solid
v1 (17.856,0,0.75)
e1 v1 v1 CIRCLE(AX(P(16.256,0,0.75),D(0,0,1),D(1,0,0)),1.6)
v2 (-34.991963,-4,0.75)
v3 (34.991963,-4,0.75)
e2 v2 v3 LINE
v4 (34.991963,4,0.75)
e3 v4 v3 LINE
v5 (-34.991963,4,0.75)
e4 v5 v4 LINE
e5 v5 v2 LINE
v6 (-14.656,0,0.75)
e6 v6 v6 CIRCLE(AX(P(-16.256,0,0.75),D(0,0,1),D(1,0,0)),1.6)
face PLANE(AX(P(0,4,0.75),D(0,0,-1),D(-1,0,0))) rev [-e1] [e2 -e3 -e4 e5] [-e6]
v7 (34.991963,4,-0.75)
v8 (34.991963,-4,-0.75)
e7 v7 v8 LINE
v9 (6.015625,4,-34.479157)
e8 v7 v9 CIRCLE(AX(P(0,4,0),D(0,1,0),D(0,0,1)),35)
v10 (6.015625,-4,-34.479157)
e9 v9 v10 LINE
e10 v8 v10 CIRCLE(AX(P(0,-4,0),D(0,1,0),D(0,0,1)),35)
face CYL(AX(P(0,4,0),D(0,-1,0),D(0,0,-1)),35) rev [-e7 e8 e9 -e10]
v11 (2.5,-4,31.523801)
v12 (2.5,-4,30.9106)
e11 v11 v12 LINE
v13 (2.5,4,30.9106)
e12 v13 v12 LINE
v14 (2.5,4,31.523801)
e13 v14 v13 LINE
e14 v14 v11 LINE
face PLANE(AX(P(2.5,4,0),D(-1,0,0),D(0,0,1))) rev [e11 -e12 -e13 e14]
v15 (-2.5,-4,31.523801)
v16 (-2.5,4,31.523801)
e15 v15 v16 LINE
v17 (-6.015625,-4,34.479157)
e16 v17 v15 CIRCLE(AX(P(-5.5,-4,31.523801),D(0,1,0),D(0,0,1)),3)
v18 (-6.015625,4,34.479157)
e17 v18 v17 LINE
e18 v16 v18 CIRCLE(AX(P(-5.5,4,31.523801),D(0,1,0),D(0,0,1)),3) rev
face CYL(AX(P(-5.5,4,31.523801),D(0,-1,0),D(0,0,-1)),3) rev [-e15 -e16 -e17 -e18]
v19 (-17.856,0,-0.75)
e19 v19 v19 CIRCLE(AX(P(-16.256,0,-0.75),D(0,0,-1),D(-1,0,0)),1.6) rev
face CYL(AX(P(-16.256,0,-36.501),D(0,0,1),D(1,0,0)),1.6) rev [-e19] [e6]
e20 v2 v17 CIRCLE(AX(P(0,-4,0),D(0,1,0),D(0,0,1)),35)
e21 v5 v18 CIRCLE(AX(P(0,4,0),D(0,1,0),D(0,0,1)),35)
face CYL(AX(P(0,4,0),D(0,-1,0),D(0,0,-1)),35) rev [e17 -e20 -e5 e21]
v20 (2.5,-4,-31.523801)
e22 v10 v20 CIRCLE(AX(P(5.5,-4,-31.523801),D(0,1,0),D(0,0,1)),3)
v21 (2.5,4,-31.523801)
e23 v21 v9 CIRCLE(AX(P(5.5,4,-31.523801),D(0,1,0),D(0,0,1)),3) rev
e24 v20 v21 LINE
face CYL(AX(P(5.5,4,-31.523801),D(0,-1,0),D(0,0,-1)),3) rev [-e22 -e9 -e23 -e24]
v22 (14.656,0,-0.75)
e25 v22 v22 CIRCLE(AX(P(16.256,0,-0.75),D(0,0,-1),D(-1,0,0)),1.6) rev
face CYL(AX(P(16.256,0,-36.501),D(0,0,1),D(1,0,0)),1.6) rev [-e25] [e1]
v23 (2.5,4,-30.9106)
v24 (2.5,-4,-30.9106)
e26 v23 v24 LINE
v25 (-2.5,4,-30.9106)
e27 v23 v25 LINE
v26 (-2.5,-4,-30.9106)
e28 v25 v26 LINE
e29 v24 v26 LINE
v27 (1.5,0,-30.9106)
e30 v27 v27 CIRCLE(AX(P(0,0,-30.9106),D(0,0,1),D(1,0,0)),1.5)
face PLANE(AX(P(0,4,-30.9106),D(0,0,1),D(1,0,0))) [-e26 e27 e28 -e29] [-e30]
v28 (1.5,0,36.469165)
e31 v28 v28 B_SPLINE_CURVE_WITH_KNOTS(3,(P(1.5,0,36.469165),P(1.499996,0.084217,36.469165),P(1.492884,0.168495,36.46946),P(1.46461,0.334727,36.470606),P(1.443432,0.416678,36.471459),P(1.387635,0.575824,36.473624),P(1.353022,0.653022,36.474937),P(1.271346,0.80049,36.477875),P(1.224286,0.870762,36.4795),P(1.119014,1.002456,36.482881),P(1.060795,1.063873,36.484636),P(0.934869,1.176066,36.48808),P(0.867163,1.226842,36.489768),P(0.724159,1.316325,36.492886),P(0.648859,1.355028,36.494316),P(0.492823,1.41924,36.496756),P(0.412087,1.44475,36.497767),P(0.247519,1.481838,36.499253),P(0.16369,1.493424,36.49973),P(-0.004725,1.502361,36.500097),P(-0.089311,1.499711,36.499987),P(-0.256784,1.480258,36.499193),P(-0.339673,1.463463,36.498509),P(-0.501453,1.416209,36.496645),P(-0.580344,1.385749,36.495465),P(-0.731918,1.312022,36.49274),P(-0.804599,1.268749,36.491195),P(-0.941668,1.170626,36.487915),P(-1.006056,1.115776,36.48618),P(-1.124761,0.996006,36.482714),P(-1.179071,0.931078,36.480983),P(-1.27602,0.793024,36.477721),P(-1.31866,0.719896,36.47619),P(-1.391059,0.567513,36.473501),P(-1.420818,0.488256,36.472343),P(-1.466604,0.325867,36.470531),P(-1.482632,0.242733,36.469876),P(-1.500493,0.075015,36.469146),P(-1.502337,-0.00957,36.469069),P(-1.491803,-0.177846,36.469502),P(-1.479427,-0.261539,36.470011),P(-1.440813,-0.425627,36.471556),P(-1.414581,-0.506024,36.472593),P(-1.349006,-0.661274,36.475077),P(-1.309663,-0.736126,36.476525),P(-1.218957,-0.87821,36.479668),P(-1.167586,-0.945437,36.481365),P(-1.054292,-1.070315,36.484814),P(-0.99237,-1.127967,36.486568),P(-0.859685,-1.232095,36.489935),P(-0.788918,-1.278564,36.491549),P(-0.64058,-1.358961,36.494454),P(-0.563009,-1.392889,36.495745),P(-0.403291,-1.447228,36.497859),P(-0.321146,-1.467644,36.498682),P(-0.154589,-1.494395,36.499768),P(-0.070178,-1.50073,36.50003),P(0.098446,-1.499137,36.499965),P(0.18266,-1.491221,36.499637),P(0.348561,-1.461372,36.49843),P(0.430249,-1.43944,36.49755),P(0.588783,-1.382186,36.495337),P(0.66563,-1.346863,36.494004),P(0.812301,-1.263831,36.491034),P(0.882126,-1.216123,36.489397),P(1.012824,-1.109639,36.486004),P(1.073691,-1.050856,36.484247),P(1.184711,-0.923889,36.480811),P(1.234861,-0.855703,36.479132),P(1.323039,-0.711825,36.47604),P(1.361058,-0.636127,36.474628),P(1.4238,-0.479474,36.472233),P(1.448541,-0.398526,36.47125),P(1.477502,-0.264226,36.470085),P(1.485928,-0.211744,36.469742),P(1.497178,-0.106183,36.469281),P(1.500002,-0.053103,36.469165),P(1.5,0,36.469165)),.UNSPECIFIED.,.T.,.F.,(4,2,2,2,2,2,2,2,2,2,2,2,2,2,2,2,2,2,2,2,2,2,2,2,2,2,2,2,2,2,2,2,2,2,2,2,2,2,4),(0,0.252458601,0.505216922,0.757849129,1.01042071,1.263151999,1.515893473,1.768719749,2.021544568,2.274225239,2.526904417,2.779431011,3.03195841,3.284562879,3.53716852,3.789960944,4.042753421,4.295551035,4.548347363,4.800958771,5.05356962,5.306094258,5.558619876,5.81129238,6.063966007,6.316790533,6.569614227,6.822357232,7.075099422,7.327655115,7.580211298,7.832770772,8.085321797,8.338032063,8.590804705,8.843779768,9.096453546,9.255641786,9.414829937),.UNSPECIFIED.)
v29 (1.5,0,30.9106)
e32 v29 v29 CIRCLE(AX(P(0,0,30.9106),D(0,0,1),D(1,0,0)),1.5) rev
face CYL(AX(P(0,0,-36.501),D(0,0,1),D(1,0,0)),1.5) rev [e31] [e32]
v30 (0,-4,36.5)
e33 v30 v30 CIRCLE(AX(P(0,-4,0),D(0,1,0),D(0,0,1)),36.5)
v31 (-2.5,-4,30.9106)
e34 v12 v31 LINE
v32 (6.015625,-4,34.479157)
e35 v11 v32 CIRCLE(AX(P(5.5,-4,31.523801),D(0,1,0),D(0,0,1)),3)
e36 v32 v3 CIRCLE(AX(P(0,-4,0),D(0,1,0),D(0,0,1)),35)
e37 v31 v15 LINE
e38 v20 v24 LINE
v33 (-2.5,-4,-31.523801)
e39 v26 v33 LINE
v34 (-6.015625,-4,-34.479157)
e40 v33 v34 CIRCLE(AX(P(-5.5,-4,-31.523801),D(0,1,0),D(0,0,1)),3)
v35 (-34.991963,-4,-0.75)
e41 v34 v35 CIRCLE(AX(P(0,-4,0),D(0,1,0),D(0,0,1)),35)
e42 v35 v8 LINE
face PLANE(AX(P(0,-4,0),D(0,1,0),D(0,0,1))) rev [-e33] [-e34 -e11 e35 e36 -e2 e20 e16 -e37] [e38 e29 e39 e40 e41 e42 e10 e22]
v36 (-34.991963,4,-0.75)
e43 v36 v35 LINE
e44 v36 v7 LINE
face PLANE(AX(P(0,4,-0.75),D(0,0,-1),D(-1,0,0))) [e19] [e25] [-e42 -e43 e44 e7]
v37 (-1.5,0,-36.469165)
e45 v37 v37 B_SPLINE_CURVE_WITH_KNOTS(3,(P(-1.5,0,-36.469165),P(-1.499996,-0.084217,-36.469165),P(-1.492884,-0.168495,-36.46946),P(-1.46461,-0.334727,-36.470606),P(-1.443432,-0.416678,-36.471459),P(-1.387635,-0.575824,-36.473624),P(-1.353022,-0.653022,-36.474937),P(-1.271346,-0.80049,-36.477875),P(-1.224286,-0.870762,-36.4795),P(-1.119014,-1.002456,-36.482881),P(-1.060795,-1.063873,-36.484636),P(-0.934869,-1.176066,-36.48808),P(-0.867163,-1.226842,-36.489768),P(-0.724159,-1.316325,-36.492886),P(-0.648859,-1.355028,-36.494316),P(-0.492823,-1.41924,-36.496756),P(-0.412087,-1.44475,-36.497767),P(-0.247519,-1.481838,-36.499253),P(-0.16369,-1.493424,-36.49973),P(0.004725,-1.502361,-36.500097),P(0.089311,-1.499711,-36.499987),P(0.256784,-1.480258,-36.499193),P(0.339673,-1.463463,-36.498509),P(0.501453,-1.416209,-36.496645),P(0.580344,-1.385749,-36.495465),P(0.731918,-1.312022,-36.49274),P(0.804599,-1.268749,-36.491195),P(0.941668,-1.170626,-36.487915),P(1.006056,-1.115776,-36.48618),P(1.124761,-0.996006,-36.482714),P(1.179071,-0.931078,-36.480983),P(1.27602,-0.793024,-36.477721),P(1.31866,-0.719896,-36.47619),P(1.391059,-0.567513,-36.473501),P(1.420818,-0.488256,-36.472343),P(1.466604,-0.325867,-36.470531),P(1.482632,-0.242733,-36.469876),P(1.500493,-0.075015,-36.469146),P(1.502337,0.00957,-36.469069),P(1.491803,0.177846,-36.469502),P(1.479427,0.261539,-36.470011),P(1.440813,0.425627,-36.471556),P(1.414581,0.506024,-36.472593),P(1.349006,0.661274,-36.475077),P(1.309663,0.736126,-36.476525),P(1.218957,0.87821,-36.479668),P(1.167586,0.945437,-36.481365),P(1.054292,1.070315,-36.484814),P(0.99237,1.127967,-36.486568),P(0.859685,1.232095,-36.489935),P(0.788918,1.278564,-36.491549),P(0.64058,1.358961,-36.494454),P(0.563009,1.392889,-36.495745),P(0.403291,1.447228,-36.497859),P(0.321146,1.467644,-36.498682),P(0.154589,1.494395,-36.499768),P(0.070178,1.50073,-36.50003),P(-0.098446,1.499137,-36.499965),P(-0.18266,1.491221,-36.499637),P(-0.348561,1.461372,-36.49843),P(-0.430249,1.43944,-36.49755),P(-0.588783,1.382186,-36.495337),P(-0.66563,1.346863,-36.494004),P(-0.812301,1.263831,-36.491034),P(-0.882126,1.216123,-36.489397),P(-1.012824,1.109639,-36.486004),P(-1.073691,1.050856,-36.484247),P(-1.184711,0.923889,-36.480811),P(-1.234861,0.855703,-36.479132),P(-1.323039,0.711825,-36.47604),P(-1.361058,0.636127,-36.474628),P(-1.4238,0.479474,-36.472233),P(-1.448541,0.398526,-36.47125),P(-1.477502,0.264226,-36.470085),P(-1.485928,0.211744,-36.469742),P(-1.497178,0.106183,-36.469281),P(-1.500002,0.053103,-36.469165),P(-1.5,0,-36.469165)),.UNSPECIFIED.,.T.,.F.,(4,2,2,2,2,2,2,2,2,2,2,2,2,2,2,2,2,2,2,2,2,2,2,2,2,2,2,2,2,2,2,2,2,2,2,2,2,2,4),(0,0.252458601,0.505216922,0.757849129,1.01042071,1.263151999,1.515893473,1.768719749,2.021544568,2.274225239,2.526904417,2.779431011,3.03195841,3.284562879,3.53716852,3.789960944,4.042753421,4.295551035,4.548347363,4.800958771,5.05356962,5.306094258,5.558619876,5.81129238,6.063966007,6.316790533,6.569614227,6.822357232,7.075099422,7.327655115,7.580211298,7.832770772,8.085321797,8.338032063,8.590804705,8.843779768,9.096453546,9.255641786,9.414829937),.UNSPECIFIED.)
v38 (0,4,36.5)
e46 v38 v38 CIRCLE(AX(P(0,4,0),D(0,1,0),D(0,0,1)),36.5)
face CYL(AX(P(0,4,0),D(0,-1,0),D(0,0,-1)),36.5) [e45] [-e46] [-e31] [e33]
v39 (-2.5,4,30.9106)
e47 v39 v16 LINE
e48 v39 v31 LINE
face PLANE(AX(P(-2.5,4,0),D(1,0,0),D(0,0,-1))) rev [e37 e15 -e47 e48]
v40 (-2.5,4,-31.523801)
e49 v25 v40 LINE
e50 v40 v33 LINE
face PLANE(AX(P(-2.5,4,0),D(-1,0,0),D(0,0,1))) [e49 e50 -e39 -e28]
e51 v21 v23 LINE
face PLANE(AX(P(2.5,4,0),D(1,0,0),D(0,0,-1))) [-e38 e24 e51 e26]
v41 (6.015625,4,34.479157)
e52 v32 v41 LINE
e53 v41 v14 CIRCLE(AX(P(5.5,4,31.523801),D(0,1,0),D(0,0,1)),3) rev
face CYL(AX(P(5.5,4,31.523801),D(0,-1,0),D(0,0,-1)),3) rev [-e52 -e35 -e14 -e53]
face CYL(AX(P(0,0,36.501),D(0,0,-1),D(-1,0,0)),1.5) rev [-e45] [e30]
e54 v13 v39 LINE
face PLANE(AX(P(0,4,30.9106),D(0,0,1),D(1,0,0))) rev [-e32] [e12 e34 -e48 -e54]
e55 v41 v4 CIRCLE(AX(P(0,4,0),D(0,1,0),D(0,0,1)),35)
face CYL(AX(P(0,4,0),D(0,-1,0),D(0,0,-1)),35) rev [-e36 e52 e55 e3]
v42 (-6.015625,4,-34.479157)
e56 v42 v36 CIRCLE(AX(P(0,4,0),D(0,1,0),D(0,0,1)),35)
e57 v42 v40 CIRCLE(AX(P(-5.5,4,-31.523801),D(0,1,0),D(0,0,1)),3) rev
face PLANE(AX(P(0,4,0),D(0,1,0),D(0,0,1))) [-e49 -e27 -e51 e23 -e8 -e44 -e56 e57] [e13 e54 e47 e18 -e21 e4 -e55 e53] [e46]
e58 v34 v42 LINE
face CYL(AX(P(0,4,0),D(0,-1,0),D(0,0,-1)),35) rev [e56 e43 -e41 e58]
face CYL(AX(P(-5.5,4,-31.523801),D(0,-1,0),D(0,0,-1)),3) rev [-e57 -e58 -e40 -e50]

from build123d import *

# Parameters (mm, degrees)
ESQUISSE1_R             = 36.5
ESQUISSE1_R_2           = 35
BOSS_EXTRU_1_DEPTH      = 4
ENL_V_MAT_EXTRU_1_REACH = 83.714
ESQUISSE3_R             = 1.5
ENL_V_MAT_EXTRU_2_REACH = 54.305
ESQUISSE2_R             = 1.6
CONG_1_R                = 3


with BuildPart() as part:
    # Esquisse1 → Boss.-Extru.1 (new, symmetric)
    # profile 1 of 7: a face of its own
    with BuildSketch(Plane(origin=(0, 0, 0), x_dir=(1, 0, 0), z_dir=(0, 1, 0))):
        with Locations(Location((0, 0, 0), (0, 0, 270))):
            Circle(ESQUISSE1_R)
        Circle(ESQUISSE1_R_2, mode=Mode.SUBTRACT)
    # profile 2 of 7: a face of its own
    with BuildSketch(Plane(origin=(0, 0, 0), x_dir=(1, 0, 0), z_dir=(0, 1, 0))):
        with BuildLine():
            Line((34.991963363, 0.75), (0, 0.75))
            Line((0, 0.75), (0, -0.75))
            Line((0, -0.75), (34.991963363, -0.75))
            ThreePointArc((34.991963363, -0.75), (34.997990783, -0.375021529), (35, 0))
            ThreePointArc((35, 0), (34.997990783, 0.375021529), (34.991963363, 0.75))
        make_face()
    # profile 3 of 7: a face of its own
    with BuildSketch(Plane(origin=(0, 0, 0), x_dir=(1, 0, 0), z_dir=(0, 1, 0))):
        with BuildLine():
            Line((0, 0.75), (-34.991963363, 0.75))
            ThreePointArc((-34.991963363, 0.75), (-35, 0), (-34.991963363, -0.75))
            Line((-34.991963363, -0.75), (0, -0.75))
            Line((0, -0.75), (0, 0.75))
        make_face()
    # profile 4 of 7: a face of its own
    with BuildSketch(Plane(origin=(0, 0, 0), x_dir=(1, 0, 0), z_dir=(0, 1, 0))):
        with BuildLine():
            Line((0, 0.75), (-34.991963363, 0.75))
            ThreePointArc((-34.991963363, 0.75), (-35, 0), (-34.991963363, -0.75))
            Line((-34.991963363, -0.75), (0, -0.75))
            Line((0, -0.75), (0, 0.75))
        make_face()
    # profile 5 of 7: a face of its own
    with BuildSketch(Plane(origin=(0, 0, 0), x_dir=(1, 0, 0), z_dir=(0, 1, 0))):
        with BuildLine():
            Line((34.991963363, 0.75), (0, 0.75))
            Line((0, 0.75), (0, -0.75))
            Line((0, -0.75), (34.991963363, -0.75))
            ThreePointArc((34.991963363, -0.75), (34.997990783, -0.375021529), (35, 0))
            ThreePointArc((35, 0), (34.997990783, 0.375021529), (34.991963363, 0.75))
        make_face()
    # profile 6 of 7: a face of its own
    with BuildSketch(Plane(origin=(0, 0, 0), x_dir=(1, 0, 0), z_dir=(0, 1, 0))):
        with BuildLine():
            Line((-2.5, -30.910600109), (-2.5, -34.910600109))
            ThreePointArc((-2.5, -34.910600109), (0, -35), (2.5, -34.910600109))
            Line((2.5, -34.910600109), (2.5, -30.910600109))
            Line((2.5, -30.910600109), (-2.5, -30.910600109))
        make_face()
    # profile 7 of 7: a face of its own
    with BuildSketch(Plane(origin=(0, 0, 0), x_dir=(1, 0, 0), z_dir=(0, 1, 0))):
        with BuildLine():
            ThreePointArc((2.5, 34.910600109), (0, 35), (-2.5, 34.910600109))
            Line((-2.5, 34.910600109), (-2.5, 30.910600109))
            Line((-2.5, 30.910600109), (2.5, 30.910600109))
            Line((2.5, 30.910600109), (2.5, 34.910600109))
        make_face()
    extrude(amount=BOSS_EXTRU_1_DEPTH, both=True)

    # Esquisse3 → Enlèv. mat.-Extru.1 (cut, up to next)
    with BuildSketch(Plane.XY.offset(36.5), mode=Mode.PRIVATE) as enl_v_mat_extru_1_sk1:
        Circle(ESQUISSE3_R)
    enl_v_mat_extru_1_tool1 = extrude(enl_v_mat_extru_1_sk1.sketch, amount=-ENL_V_MAT_EXTRU_1_REACH, mode=Mode.PRIVATE) & part.part
    enl_v_mat_extru_1 = enl_v_mat_extru_1_tool1.solids().sort_by_distance((0, 0, 36.5))[0]
    add(enl_v_mat_extru_1, mode=Mode.SUBTRACT)

    # Symétrie1: Enlèv. mat.-Extru.1 across plane
    add(enl_v_mat_extru_1.mirror(Plane.XY), mode=Mode.SUBTRACT)

    # Esquisse2 → Enlèv. mat.-Extru.2 (cut, up to next)
    with BuildSketch(Plane.XY.offset(0.75), mode=Mode.PRIVATE) as enl_v_mat_extru_2_sk1:
        with Locations((-16.256, 0)):
            Circle(ESQUISSE2_R)
    enl_v_mat_extru_2_tool1 = extrude(enl_v_mat_extru_2_sk1.sketch, amount=-ENL_V_MAT_EXTRU_2_REACH, mode=Mode.PRIVATE) & part.part
    # Esquisse2 → Enlèv. mat.-Extru.2 (cut, up to next)
    with BuildSketch(Plane.XY.offset(0.75), mode=Mode.PRIVATE) as enl_v_mat_extru_2_sk2:
        with Locations((16.256, 0)):
            Circle(ESQUISSE2_R)
    enl_v_mat_extru_2_tool2 = extrude(enl_v_mat_extru_2_sk2.sketch, amount=-ENL_V_MAT_EXTRU_2_REACH, mode=Mode.PRIVATE) & part.part
    add(enl_v_mat_extru_2_tool1.solids().sort_by_distance((-16.256, 0, 0.75))[0], mode=Mode.SUBTRACT)
    add(enl_v_mat_extru_2_tool2.solids().sort_by_distance((16.256, 0, 0.75))[0], mode=Mode.SUBTRACT)

    # Congé1
    cong_1_edges = [part.edges().sort_by_distance(p)[0] for p in [
        (2.5, 0, -34.910600109),
        (-2.5, 0, -34.910600109),
        (-2.5, 0, 34.910600109),
        (2.5, 0, 34.910600109),
    ]]
    fillet(cong_1_edges, radius=CONG_1_R)


solid = part.part
